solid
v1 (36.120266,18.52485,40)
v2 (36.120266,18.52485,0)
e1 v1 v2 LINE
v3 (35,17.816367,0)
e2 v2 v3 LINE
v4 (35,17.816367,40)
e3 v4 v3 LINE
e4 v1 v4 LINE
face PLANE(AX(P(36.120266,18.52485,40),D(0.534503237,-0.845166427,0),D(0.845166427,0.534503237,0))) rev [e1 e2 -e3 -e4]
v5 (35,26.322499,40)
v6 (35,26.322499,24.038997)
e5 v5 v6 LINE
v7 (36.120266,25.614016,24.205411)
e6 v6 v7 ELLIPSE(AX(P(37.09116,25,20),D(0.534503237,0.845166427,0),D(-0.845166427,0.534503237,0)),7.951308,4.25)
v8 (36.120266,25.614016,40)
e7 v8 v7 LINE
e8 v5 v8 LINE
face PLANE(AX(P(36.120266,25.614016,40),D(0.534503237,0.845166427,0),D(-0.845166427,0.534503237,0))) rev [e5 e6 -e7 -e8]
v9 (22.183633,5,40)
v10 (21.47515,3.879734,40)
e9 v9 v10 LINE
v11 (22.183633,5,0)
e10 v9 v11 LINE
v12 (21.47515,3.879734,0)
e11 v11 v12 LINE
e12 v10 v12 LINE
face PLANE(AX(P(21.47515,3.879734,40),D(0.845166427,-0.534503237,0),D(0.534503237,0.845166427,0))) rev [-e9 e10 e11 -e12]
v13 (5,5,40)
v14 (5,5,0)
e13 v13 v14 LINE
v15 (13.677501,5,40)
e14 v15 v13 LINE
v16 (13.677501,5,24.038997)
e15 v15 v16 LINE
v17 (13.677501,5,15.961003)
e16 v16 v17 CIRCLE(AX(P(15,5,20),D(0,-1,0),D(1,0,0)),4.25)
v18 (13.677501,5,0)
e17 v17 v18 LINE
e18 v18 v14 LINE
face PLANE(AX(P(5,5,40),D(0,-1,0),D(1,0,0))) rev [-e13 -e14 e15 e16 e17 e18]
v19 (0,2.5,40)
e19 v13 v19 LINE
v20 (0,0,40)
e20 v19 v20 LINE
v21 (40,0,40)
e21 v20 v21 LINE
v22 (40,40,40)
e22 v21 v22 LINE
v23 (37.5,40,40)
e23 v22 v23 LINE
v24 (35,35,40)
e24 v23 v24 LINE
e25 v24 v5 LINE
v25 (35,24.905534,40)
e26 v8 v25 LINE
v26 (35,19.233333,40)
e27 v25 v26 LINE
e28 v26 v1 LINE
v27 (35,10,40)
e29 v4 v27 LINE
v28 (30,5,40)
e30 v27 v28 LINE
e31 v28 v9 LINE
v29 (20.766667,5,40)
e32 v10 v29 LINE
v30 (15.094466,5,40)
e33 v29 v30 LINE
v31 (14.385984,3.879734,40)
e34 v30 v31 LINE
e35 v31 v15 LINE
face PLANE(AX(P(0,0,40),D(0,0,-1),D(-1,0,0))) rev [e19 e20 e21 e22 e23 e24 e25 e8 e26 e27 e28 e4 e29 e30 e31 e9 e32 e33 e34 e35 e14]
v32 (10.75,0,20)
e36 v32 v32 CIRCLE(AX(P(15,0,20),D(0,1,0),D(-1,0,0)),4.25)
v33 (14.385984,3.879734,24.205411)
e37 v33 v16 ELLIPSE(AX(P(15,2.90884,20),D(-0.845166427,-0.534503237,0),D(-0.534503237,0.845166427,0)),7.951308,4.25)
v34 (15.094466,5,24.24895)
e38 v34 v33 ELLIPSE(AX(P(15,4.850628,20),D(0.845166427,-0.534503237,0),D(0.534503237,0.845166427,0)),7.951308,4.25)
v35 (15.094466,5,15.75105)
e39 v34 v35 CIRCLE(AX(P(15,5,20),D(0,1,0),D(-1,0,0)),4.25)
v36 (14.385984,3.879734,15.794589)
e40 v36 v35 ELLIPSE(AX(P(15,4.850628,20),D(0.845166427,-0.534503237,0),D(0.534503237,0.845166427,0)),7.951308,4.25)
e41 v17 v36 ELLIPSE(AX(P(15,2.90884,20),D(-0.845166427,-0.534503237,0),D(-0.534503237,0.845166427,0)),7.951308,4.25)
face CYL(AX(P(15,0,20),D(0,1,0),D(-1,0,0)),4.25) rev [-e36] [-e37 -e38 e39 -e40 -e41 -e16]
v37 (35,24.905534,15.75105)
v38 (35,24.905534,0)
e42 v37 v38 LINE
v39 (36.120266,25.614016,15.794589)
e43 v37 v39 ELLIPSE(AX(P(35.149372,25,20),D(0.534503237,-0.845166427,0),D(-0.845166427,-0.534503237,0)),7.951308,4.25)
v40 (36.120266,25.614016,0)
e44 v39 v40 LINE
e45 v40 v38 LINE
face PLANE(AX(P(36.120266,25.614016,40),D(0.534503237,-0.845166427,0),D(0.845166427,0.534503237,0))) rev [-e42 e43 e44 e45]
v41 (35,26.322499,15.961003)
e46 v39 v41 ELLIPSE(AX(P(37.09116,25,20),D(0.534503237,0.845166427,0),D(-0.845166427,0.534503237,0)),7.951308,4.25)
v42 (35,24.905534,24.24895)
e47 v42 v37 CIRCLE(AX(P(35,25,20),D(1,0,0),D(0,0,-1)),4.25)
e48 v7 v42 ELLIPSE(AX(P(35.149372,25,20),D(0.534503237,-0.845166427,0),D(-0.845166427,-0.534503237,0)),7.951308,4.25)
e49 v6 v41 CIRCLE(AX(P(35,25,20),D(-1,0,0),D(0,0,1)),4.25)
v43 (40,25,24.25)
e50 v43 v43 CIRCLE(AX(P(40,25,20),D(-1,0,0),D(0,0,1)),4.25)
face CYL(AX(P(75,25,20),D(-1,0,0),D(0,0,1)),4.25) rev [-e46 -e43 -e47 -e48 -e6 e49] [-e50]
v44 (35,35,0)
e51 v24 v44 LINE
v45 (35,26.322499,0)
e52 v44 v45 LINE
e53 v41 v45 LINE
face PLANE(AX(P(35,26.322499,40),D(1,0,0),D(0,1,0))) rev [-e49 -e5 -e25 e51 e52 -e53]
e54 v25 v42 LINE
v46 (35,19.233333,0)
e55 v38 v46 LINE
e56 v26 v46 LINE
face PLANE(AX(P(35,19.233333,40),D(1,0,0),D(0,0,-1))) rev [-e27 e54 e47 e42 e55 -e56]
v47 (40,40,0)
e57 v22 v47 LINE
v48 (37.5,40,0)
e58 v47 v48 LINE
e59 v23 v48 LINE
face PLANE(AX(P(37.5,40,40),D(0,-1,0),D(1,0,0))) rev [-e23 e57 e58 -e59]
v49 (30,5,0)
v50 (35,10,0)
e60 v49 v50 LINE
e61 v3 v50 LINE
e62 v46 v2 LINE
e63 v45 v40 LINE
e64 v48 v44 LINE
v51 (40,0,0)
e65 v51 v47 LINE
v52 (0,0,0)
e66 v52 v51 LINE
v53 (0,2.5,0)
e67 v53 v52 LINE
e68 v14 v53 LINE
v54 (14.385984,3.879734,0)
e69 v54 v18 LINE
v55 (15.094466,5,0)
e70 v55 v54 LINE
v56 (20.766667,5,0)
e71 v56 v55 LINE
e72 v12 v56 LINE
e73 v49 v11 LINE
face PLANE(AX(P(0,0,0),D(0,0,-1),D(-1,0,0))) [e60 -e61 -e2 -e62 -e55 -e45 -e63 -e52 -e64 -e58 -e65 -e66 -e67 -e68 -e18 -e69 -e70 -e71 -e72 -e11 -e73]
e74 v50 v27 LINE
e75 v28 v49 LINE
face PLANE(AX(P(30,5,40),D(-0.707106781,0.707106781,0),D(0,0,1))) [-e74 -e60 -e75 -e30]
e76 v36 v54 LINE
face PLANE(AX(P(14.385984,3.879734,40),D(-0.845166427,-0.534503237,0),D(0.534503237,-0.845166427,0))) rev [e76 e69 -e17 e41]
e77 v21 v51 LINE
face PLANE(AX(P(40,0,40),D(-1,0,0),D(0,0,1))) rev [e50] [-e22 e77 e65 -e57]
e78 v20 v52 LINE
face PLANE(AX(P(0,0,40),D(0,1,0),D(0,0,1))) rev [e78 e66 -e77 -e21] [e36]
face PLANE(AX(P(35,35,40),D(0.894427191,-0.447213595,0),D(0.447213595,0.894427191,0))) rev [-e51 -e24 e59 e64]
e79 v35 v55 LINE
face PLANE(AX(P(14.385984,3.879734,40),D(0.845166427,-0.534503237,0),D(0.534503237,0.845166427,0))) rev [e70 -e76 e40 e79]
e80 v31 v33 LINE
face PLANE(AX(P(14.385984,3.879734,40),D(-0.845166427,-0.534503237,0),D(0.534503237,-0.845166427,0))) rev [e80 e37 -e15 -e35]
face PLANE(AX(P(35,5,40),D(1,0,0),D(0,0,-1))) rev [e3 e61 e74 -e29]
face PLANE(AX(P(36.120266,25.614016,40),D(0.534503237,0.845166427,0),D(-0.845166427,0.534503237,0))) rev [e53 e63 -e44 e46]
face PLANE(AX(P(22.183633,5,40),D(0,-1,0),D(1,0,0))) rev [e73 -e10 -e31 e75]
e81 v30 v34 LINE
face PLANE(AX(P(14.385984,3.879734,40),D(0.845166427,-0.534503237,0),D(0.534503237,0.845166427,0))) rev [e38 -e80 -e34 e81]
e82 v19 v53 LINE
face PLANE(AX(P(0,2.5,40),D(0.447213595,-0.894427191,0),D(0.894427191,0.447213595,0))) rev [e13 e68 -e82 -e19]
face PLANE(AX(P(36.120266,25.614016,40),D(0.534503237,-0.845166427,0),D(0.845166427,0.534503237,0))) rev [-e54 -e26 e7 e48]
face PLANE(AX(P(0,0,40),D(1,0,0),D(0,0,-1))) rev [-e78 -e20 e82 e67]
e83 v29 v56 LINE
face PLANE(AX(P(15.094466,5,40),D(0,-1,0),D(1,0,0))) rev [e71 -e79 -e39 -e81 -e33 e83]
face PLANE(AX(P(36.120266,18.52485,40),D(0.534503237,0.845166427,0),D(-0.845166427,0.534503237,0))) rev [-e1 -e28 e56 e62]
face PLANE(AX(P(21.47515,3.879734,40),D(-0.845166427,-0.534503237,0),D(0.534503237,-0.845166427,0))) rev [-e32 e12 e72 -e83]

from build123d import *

# Parameters (mm, degrees)
EXTRUDE_1_DEPTH     = 40
CHAMFER_1_SIZE      = 5
SKETCH_3_R          = 4.25
CUT_EXTRUDE_1_DEPTH = 67.520673478
SKETCH_4_R          = 4.25
CUT_EXTRUDE_2_DEPTH = 40


with BuildPart() as part:
    # 草图1 → 凸台-拉伸1 (new body)
    with BuildSketch(Plane.XY):
        Polygon((0, 0), (40, 0), (40, 40), (37.5, 40), (35, 35), (35, 26.322499125), (36.120266103, 25.614016347), (35, 24.905533569), (35, 19.233332915), (36.120266103, 18.524850137), (35, 17.816367359), (35, 5), (22.183632641, 5), (21.475149863, 3.879733897), (20.766667085, 5), (15.094466431, 5), (14.385983653, 3.879733897), (13.677500875, 5), (5, 5), (0, 2.5), align=None)
    extrude(amount=EXTRUDE_1_DEPTH)

    # 倒角1
    chamfer_1_edges = [part.edges().sort_by_distance(p)[0] for p in [
        (35, 5, 20),
    ]]
    chamfer(chamfer_1_edges, length=CHAMFER_1_SIZE)

    # 草图3 → 切除-拉伸1 (cut, through all)
    with BuildSketch(Plane(origin=(0, 5, 0), x_dir=(1, 0, 0), z_dir=(0, 1, 0))):
        with Locations(Location((15, -20, 0), (0, 0, 180))):
            Circle(SKETCH_3_R)
    extrude(amount=-CUT_EXTRUDE_1_DEPTH, mode=Mode.SUBTRACT)

    # 草图4 → 切除-拉伸2 (cut)
    with BuildSketch(Plane.ZY.offset(-35)):
        with Locations((20, 25)):
            Circle(SKETCH_4_R)
    extrude(amount=-CUT_EXTRUDE_2_DEPTH, mode=Mode.SUBTRACT)


solid = part.part
